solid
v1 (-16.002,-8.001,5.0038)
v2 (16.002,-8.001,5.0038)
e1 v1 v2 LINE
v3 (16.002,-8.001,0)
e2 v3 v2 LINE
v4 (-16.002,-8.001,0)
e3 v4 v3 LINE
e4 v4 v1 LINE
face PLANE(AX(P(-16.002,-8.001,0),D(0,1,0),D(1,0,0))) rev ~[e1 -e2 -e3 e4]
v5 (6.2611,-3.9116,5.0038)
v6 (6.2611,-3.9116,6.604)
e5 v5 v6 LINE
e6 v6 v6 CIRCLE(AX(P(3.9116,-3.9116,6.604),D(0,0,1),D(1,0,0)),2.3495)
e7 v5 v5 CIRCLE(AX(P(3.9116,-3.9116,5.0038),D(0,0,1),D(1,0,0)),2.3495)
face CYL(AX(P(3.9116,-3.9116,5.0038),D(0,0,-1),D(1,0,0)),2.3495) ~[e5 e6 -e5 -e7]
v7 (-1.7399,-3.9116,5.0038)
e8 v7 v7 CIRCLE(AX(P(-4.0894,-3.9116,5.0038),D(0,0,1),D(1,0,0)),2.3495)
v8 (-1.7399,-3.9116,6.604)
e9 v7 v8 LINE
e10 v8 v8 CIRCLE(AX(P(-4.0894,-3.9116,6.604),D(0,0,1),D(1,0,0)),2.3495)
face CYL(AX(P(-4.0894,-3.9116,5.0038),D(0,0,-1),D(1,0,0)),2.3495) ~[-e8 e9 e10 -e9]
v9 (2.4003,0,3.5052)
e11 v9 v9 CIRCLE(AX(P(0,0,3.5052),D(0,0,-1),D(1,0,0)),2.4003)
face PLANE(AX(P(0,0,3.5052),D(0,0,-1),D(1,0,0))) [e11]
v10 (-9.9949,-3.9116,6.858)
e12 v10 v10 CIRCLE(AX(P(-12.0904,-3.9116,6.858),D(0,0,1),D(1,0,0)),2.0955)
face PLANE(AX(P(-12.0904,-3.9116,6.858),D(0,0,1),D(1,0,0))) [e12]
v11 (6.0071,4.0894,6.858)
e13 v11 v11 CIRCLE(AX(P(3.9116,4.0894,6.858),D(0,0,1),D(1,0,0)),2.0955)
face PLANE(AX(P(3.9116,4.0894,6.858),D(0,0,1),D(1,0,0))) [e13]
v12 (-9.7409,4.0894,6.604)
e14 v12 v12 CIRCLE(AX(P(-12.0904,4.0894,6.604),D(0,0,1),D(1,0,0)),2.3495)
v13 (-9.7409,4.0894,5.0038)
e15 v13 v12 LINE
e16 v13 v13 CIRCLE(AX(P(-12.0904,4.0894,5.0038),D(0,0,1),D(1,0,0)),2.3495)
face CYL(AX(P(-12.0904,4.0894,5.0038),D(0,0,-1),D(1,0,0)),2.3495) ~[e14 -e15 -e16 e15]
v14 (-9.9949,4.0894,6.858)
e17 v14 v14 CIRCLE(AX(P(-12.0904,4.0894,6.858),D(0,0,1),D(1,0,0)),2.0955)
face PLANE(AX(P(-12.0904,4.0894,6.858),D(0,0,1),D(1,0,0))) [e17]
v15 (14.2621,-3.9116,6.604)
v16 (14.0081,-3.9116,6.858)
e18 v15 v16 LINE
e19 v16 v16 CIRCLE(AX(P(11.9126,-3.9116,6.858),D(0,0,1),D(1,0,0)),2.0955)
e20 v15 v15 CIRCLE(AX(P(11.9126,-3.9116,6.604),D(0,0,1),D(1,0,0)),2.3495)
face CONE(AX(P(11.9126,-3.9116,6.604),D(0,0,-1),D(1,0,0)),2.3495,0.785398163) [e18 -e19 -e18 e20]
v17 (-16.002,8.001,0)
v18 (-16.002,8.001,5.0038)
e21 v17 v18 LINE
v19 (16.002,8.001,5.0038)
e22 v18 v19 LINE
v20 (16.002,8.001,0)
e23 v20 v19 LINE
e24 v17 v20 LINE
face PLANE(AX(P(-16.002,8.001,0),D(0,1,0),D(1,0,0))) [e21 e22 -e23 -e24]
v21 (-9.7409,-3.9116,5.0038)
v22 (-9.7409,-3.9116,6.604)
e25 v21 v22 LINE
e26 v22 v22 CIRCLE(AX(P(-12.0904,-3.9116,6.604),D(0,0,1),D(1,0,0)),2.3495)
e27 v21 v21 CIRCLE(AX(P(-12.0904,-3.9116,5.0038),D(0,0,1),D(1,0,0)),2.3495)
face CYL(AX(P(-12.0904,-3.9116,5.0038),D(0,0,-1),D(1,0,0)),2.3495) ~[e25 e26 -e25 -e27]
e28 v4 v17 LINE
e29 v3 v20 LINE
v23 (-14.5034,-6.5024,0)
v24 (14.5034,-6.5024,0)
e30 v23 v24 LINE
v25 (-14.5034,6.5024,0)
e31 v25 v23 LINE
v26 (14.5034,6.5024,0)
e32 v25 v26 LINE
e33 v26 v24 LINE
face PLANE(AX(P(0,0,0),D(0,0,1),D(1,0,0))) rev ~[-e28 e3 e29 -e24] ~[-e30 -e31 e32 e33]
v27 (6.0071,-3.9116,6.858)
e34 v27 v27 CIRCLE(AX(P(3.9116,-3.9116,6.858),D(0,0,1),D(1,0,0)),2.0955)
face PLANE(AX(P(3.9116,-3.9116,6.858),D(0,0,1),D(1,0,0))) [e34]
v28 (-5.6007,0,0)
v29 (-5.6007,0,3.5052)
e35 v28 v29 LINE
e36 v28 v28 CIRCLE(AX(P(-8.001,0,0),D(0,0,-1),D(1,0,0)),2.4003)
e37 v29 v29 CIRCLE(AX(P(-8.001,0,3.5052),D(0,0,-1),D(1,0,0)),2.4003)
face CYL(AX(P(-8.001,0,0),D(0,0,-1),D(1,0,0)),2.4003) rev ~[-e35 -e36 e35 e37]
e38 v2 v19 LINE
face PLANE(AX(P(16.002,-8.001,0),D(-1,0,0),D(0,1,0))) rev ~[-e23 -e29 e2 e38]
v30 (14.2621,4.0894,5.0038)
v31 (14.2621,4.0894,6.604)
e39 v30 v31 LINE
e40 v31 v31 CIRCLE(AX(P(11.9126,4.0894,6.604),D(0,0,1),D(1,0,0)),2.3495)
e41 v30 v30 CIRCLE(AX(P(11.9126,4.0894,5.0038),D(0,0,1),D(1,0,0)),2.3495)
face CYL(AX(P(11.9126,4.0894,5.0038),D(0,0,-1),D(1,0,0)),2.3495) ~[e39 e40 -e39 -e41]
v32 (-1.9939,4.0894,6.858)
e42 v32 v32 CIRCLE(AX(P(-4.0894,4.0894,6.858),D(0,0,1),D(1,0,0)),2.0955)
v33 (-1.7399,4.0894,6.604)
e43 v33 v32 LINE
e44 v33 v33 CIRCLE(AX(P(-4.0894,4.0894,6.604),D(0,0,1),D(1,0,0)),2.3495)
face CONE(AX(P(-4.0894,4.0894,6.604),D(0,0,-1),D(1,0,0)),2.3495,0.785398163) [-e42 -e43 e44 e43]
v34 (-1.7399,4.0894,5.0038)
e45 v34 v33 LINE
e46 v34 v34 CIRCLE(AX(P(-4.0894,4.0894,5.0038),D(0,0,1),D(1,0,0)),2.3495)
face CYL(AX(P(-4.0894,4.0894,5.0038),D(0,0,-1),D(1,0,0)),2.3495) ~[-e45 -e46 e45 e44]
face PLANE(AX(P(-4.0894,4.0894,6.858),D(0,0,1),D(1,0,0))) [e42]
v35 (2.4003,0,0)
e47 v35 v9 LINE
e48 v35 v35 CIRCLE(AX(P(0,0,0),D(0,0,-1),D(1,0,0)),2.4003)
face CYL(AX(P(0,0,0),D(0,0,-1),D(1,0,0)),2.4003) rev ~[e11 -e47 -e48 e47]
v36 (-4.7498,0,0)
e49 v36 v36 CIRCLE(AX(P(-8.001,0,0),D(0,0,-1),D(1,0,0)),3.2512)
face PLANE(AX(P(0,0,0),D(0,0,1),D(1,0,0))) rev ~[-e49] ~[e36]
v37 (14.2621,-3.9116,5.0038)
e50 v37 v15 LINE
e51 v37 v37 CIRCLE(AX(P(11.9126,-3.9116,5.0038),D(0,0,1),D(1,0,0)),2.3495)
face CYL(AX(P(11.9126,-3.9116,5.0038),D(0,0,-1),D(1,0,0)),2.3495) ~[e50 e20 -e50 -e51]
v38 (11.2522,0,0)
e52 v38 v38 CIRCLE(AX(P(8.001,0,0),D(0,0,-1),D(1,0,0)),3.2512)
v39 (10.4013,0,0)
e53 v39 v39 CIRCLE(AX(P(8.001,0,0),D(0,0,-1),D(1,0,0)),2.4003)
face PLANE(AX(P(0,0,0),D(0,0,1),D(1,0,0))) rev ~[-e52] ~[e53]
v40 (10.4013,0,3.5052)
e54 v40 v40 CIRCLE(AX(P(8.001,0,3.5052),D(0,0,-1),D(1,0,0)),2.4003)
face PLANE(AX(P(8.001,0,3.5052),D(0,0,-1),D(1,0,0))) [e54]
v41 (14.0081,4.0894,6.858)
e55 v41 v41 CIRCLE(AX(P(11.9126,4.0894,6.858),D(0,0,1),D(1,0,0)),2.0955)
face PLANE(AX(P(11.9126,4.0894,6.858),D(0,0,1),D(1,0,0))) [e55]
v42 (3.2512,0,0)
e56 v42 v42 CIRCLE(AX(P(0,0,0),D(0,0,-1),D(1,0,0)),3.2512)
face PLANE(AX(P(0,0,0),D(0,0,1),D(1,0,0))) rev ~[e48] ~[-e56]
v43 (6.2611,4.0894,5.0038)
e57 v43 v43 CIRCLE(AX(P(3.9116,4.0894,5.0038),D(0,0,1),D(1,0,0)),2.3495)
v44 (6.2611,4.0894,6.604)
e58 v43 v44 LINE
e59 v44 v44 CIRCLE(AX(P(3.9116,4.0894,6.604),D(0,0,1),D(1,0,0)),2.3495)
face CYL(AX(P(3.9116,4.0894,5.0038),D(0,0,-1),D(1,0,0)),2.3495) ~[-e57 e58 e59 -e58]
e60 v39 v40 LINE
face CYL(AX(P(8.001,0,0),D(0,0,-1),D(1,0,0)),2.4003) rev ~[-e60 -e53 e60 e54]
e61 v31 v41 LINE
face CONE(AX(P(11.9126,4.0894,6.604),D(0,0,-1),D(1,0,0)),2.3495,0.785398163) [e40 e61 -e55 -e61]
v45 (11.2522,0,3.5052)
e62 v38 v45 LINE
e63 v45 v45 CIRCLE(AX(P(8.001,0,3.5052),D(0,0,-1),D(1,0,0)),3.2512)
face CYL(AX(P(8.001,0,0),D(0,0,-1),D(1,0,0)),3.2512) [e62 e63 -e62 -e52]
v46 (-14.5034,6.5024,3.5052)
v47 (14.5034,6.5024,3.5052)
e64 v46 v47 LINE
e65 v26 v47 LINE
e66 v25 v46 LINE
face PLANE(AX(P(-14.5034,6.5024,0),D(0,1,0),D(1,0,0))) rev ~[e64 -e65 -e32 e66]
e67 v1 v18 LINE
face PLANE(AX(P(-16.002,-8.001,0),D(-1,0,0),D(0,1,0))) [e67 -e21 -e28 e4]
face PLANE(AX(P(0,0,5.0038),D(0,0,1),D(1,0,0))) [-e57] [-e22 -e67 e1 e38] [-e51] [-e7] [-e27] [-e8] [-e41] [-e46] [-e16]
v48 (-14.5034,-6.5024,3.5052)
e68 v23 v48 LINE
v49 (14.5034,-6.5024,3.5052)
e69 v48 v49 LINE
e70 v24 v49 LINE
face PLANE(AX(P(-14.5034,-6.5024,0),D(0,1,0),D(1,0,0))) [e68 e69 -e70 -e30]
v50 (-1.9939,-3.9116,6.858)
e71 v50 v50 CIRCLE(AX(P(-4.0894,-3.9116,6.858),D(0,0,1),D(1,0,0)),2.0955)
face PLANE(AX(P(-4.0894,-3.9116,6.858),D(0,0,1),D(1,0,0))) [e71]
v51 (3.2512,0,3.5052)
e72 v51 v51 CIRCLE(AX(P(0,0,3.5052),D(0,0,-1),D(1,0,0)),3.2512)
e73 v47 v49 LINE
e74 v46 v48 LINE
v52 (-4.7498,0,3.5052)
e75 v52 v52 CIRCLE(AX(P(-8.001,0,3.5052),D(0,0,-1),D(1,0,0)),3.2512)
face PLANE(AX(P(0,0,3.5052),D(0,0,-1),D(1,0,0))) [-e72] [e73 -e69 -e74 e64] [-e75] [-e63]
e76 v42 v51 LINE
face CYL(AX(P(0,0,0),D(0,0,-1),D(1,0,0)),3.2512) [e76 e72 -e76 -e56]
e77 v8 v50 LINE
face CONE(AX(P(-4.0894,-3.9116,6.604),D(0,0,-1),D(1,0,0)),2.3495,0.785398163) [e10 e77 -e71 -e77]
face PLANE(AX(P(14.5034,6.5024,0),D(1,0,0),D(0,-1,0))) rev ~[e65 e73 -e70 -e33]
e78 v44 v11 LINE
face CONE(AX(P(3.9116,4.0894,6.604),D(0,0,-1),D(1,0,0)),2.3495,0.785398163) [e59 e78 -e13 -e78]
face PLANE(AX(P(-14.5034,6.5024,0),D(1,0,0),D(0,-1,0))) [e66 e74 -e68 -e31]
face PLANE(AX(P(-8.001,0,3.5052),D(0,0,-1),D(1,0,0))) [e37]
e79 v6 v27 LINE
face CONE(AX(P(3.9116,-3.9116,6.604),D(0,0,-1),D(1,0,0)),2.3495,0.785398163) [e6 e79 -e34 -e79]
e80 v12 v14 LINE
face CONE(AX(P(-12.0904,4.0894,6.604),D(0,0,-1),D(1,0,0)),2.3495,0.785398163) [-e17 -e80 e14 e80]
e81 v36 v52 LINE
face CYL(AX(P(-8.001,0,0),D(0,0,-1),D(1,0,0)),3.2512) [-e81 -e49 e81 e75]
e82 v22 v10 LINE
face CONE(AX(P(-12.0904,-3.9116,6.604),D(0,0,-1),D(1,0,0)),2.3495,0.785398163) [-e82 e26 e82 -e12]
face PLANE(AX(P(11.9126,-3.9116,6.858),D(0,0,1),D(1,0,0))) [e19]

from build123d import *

# Parameters (mm, degrees)
F0_W     = 32.004
F0_H     = 16.002
F1_DEPTH = 5.0038
F2_R     = 2.3495
F3_DEPTH = 1.8542
F4_W     = 29.0068
F4_H     = 13.0048
F4_R     = 3.2512
F4_R_2   = 2.4003
F5_DEPTH = 3.5052
F6_SIZE  = 0.254


with BuildPart() as f1:
    # F0 (on Top) → F1 (new body)
    with BuildSketch(Plane.XY):
        Rectangle(F0_W, F0_H)
    extrude(amount=F1_DEPTH)

    # F2 (on face) → F3 (join)
    with BuildSketch(Plane.XY.offset(5.0038)):
        with Locations((-12.0904, 4.0894)):
            Circle(F2_R)
        with Locations((-12.0904, -3.9116)):
            Circle(F2_R)
        with Locations((-4.0894, 4.0894)):
            Circle(F2_R)
        with Locations((-4.0894, -3.9116)):
            Circle(F2_R)
        with Locations((3.9116, 4.0894)):
            Circle(F2_R)
        with Locations((3.9116, -3.9116)):
            Circle(F2_R)
        with Locations((11.9126, 4.0894)):
            Circle(F2_R)
        with Locations((11.9126, -3.9116)):
            Circle(F2_R)
    extrude(amount=F3_DEPTH)

    # F4 (on face) → F5 (cut)
    with BuildSketch(Plane(origin=(0, 0, 0), x_dir=(1, 0, 0), z_dir=(0, 0, -1))):
        Rectangle(F4_W, F4_H)
        with Locations((-8.001, 0)):
            Circle(F4_R, mode=Mode.SUBTRACT)
        Circle(F4_R, mode=Mode.SUBTRACT)
        with Locations((8.001, 0)):
            Circle(F4_R, mode=Mode.SUBTRACT)
        with Locations((-8.001, 0)):
            Circle(F4_R_2)
        with Locations((8.001, 0)):
            Circle(F4_R_2)
        Circle(F4_R_2)
    extrude(amount=-F5_DEPTH, mode=Mode.SUBTRACT)

    # F6
    f6_edges = [f1.edges().sort_by_distance(p)[0] for p in [
        (-14.4399, 4.0894, 6.858),
        (-14.4399, -3.9116, 6.858),
        (-6.4389, -3.9116, 6.858),
        (-6.4389, 4.0894, 6.858),
        (1.5621, 4.0894, 6.858),
        (1.5621, -3.9116, 6.858),
        (9.5631, -3.9116, 6.858),
        (9.5631, 4.0894, 6.858),
    ]]
    chamfer(f6_edges, length=F6_SIZE)


solid = f1.part
